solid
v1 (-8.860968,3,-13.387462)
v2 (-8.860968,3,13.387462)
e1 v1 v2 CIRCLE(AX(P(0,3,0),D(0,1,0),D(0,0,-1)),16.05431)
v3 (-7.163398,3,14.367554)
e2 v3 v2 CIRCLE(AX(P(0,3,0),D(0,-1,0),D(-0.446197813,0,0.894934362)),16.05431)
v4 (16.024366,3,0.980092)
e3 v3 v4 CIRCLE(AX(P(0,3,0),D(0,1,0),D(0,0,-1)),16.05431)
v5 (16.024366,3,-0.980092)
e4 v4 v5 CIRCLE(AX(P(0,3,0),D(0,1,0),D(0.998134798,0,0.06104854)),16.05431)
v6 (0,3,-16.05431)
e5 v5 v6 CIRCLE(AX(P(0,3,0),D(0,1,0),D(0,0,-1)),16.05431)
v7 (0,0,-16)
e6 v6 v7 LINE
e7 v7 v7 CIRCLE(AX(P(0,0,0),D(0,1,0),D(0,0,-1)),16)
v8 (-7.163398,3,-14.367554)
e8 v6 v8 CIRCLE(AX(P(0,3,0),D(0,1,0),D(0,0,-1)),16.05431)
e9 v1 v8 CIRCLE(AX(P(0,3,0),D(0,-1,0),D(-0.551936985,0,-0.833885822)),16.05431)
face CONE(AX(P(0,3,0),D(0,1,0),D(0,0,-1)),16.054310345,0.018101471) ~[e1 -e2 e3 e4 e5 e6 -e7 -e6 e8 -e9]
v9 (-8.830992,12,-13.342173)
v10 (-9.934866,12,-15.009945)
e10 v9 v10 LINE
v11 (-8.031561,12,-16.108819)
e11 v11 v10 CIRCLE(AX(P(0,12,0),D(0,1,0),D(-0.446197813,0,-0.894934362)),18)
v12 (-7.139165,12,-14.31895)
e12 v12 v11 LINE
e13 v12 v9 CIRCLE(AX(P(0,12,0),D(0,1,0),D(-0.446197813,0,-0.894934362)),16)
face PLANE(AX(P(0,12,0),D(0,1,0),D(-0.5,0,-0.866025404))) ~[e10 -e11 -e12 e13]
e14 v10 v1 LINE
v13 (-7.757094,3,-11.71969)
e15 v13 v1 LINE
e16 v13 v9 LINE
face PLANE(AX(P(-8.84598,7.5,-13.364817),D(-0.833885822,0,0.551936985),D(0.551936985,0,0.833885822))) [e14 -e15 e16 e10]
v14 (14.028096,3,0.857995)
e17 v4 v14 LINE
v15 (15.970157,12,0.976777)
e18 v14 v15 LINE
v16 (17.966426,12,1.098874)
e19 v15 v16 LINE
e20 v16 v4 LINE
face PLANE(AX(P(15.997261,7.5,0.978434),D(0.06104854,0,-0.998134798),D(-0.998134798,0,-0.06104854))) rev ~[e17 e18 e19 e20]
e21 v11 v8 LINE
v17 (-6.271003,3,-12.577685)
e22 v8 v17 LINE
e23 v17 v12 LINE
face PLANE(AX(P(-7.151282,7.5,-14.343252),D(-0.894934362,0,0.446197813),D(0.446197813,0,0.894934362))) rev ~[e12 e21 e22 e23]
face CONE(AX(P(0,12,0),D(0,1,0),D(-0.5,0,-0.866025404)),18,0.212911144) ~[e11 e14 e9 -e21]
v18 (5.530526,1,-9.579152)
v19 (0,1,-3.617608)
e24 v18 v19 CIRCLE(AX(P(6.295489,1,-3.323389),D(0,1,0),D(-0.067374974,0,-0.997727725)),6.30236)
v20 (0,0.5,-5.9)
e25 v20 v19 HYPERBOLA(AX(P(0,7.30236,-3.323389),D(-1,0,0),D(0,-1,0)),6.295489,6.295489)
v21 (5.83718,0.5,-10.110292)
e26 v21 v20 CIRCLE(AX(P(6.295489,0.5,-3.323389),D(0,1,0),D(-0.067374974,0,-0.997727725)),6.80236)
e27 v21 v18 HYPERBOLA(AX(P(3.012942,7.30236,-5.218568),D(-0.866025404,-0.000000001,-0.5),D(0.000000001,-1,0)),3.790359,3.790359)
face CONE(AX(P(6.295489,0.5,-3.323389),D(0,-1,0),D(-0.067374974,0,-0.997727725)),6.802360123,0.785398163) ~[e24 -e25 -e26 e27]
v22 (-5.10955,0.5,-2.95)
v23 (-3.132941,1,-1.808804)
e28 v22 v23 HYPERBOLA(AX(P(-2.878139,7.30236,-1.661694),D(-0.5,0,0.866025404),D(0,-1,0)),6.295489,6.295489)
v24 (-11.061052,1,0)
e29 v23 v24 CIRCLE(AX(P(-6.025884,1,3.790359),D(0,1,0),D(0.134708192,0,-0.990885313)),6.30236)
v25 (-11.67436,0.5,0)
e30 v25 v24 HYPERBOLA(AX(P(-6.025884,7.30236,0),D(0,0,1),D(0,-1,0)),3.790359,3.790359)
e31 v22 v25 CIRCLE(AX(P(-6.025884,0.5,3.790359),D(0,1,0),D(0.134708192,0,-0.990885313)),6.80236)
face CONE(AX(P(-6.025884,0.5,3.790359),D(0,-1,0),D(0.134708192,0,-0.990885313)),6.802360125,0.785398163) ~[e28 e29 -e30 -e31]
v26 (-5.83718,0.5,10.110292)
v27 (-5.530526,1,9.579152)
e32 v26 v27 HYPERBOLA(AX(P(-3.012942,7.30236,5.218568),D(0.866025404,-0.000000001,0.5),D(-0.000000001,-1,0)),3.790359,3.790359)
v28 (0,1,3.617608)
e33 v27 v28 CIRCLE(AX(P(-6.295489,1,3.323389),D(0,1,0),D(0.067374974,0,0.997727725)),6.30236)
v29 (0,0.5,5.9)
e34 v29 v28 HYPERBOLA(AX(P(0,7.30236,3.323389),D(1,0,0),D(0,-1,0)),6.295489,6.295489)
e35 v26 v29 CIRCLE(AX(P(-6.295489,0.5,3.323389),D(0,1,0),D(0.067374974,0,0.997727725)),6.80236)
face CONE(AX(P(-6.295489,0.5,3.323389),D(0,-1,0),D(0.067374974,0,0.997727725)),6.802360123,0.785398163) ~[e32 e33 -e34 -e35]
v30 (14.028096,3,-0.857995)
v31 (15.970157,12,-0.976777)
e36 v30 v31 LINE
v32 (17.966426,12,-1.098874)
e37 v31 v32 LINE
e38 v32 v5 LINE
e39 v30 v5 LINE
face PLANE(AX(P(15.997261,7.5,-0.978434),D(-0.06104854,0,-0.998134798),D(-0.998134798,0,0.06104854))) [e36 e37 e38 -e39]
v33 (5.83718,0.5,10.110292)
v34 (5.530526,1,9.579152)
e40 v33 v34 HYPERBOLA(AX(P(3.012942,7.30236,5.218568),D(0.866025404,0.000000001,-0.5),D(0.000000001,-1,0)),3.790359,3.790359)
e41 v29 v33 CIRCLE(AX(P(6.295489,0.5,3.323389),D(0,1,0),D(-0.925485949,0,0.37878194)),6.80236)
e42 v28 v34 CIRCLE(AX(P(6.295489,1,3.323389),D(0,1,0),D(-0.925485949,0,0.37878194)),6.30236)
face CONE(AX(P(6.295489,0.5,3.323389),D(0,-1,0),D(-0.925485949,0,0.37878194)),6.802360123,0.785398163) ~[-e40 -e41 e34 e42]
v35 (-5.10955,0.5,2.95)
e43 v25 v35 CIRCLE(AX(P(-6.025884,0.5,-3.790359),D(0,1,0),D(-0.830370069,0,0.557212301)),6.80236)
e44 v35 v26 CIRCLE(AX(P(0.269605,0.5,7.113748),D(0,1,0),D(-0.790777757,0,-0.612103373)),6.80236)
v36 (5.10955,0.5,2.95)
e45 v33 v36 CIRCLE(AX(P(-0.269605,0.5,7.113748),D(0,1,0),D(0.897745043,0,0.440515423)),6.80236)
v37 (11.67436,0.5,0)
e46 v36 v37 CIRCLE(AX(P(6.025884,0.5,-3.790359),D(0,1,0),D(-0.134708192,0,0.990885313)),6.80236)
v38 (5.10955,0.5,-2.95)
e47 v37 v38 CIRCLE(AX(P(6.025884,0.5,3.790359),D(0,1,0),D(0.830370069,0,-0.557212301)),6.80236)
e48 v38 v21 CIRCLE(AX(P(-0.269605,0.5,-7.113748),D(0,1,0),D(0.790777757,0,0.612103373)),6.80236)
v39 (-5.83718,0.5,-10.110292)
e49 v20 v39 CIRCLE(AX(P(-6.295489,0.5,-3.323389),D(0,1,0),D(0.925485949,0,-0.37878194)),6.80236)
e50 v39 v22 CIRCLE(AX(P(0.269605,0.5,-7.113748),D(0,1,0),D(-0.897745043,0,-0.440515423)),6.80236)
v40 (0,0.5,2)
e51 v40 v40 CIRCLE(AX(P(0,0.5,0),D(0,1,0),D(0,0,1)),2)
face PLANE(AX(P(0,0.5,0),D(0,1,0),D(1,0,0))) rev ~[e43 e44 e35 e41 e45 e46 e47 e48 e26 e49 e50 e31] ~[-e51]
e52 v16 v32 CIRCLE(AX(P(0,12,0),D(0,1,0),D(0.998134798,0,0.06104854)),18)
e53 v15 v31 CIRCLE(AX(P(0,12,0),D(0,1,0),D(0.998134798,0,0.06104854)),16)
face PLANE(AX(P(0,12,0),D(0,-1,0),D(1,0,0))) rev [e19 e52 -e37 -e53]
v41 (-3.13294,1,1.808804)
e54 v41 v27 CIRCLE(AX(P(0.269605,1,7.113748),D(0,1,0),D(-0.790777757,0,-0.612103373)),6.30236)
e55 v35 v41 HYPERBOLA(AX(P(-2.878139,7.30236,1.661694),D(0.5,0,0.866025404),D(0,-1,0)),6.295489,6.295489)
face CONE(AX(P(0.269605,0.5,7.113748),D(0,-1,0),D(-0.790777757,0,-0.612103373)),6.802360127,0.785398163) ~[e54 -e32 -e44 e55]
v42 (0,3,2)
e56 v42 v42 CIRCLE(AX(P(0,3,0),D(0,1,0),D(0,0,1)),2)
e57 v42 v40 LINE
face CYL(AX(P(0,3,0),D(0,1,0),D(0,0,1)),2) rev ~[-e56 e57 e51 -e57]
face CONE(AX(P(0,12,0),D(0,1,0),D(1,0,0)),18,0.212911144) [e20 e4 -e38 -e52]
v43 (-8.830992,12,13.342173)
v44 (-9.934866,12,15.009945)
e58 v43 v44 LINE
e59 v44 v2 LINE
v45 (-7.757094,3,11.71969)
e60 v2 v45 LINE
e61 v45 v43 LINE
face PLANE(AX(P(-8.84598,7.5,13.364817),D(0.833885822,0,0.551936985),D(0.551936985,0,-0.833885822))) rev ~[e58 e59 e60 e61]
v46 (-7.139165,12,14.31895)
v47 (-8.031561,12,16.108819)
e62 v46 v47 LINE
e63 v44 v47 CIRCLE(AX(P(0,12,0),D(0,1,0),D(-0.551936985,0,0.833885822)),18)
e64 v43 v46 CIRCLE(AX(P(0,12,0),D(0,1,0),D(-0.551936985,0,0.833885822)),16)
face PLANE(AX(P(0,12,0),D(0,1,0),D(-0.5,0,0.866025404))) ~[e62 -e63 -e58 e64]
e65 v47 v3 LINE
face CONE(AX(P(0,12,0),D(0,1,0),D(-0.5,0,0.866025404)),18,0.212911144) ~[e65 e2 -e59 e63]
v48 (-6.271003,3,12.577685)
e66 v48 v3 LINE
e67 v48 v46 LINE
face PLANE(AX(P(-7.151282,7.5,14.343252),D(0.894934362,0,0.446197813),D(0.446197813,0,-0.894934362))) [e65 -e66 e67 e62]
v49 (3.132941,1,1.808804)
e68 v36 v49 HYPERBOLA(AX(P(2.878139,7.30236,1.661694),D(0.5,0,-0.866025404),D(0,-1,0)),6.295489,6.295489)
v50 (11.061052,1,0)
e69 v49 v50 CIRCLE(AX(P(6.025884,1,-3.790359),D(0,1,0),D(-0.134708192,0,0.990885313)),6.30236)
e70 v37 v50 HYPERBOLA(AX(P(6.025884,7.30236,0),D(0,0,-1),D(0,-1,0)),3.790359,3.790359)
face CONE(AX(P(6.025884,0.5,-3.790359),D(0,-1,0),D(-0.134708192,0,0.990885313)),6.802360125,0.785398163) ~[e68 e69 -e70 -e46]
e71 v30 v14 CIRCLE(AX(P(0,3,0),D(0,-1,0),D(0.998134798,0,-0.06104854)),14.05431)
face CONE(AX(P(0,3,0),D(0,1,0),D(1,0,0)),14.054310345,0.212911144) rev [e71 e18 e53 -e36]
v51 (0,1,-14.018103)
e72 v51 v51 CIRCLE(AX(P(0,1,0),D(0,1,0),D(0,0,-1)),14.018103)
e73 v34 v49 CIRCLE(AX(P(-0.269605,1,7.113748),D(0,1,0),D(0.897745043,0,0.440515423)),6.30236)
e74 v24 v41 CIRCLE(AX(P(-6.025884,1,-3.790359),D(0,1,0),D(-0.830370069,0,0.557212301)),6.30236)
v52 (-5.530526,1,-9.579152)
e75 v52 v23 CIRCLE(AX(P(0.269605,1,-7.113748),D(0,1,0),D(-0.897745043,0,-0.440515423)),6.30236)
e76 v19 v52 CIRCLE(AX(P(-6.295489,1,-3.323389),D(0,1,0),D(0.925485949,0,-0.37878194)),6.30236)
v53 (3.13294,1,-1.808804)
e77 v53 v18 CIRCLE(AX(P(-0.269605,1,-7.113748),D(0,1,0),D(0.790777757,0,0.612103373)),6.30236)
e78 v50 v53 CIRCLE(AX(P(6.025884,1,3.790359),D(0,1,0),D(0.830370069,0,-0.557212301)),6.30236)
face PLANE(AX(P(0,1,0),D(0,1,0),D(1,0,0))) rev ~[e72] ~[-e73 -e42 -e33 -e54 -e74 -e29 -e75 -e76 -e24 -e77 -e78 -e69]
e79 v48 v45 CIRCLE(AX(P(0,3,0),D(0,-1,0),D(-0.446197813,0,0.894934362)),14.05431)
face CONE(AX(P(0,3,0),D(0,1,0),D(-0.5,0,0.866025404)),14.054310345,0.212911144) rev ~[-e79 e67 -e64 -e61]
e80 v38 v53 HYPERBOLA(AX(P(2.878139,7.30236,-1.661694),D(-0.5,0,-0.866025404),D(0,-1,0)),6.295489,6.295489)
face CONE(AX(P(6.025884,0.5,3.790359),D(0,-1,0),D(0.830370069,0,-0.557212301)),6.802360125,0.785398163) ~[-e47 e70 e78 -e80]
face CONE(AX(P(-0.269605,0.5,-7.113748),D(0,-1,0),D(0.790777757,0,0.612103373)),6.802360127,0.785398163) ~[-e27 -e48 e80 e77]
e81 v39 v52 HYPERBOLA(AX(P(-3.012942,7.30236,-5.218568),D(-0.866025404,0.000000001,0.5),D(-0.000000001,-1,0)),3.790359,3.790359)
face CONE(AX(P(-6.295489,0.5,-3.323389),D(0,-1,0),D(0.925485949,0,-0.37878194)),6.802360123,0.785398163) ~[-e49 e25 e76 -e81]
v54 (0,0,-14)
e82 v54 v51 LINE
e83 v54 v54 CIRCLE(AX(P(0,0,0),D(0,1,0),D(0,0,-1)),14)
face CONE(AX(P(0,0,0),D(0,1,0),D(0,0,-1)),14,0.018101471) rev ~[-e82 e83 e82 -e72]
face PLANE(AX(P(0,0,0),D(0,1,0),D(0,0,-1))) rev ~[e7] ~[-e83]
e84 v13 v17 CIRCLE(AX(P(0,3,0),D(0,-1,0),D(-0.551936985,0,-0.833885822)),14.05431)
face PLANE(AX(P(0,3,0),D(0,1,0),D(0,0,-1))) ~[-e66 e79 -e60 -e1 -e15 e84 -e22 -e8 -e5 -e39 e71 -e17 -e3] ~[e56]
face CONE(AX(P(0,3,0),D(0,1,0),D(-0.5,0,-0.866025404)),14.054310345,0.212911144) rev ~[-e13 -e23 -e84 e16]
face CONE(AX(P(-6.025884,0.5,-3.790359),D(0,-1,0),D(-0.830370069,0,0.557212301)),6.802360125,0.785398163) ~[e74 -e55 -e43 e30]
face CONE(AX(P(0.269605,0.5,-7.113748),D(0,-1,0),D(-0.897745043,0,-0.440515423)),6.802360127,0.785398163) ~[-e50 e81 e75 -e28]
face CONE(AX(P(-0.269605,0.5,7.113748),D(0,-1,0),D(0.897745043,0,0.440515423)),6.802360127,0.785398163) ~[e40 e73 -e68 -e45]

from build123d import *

# Parameters (mm, degrees)
REVOLVE2_ANGLE      = 7
CIRPATTERN1_COUNT   = 3
BOSS_EXTRUDE1_DEPTH = 0.5
BOSS_EXTRUDE1_DRAFT = 45
SKETCH4_R           = 14.13
BOSS_EXTRUDE2_DEPTH = 2
SKETCH5_R           = 2
CUT_EXTRUDE1_DEPTH  = 2.5


with BuildPart() as part:
    # Sketch1 → Revolve1 (revolve)
    with BuildSketch(Plane.XY, mode=Mode.PRIVATE) as revolve1_sk:
        Polygon((14, 0), (14.054310345, 3), (16.054310345, 3), (16, 0), align=None)
    revolve(revolve1_sk.sketch.rotate(Axis((0, 0, 0), (0, 1, 0)), 90), axis=Axis((0, 0, 0), (0, 1, 0)))  # turned: the seam where the file's is

    # Sketch2 → Revolve2 (revolve, symmetric)
    with BuildSketch(Plane.XY) as revolve2_sk:
        Polygon((14.054310345, 3), (16, 12), (18, 12), (16.054310345, 3), align=None)
    revolve2 = revolve(axis=Axis((0, 0, 0), (0, 1, 0)), revolution_arc=REVOLVE2_ANGLE / 2)
    revolve2 = revolve2 + revolve(revolve2_sk.sketch, axis=Axis((0, 0, 0), (0, -1, 0)), revolution_arc=REVOLVE2_ANGLE / 2)

    # CirPattern1: Revolve2 ×3 about axis
    cirpattern1_axis = Axis((0, 0, 0), (0, 1, 0))
    for i in range(1, CIRPATTERN1_COUNT):
        add(revolve2.rotate(cirpattern1_axis, i * 360 / CIRPATTERN1_COUNT))



with BuildPart() as body_2:
    # Sketch3 → Boss-Extrude1 (with draft: the straight prism first)
    with BuildSketch(Plane(origin=(0, 0.5, 0), x_dir=(1, 0, 0), z_dir=(0, 1, 0))):
        with BuildLine():
            ThreePointArc((11.674359761, 0), (8.814058264, 2.414331812), (5.109549882, 2.95))
            ThreePointArc((5.109549882, 2.95), (6.497901814, 6.426032461), (5.837179881, 10.110292126))
            ThreePointArc((5.837179881, 10.110292126), (2.316156449, 8.840364273), (0, 5.9))
            ThreePointArc((0, 5.9), (-2.316156449, 8.840364273), (-5.837179881, 10.110292126))
            ThreePointArc((-5.837179881, 10.110292126), (-6.497901814, 6.426032461), (-5.109549882, 2.95))
            ThreePointArc((-5.109549882, 2.95), (-8.814058264, 2.414331812), (-11.674359761, 0))
            ThreePointArc((-11.674359761, 0), (-8.814058264, -2.414331812), (-5.109549882, -2.95))
            ThreePointArc((-5.109549882, -2.95), (-6.497901814, -6.426032461), (-5.837179881, -10.110292126))
            ThreePointArc((-5.837179881, -10.110292126), (-2.316156449, -8.840364273), (0, -5.9))
            ThreePointArc((0, -5.9), (2.316156449, -8.840364273), (5.837179881, -10.110292126))
            ThreePointArc((5.837179881, -10.110292126), (6.497901814, -6.426032461), (5.109549882, -2.95))
            ThreePointArc((5.109549882, -2.95), (8.814058264, -2.414331812), (11.674359761, 0))
        make_face()
    extrude(amount=BOSS_EXTRUDE1_DEPTH)
    # Boss-Extrude1: the draft: its side faces are tilted about the plane it starts from
    boss_extrude1_sides = [body_2.faces().sort_by_distance(p)[0] for p in [
        (6.497901814, 0.75, 6.426032461),
        (8.814058264, 0.75, 2.414331812),
        (8.814058264, 0.75, -2.414331812),
        (6.497901814, 0.75, -6.426032461),
        (2.316156449, 0.75, -8.840364273),
        (-2.316156449, 0.75, -8.840364273),
        (-6.497901814, 0.75, -6.426032461),
        (-8.814058264, 0.75, -2.414331812),
        (-8.814058264, 0.75, 2.414331812),
        (-6.497901814, 0.75, 6.426032461),
        (-2.316156449, 0.75, 8.840364273),
        (2.316156449, 0.75, 8.840364273),
    ]]
    draft(boss_extrude1_sides, Plane(origin=(0, 0.5, 0), x_dir=(1, 0, 0), z_dir=(0, 1, 0)), BOSS_EXTRUDE1_DRAFT)


with BuildPart() as part_1:
    add(part.part)

    add(body_2.part)  # Boss-Extrude2 merges body 2
    # Sketch4 → Boss-Extrude2 (add)
    with BuildSketch(Plane(origin=(0, 1, 0), x_dir=(1, 0, 0), z_dir=(0, 1, 0))):
        Circle(SKETCH4_R)
    extrude(amount=BOSS_EXTRUDE2_DEPTH)

    # Sketch5 → Cut-Extrude1 (cut)
    with BuildSketch(Plane(origin=(0, 3, 0), x_dir=(1, 0, 0), z_dir=(0, 1, 0))):
        with Locations(Location((0, 0, 0), (0, 0, 270))):  # turned: the seam where the file's is
            Circle(SKETCH5_R)
    extrude(amount=-CUT_EXTRUDE1_DEPTH, mode=Mode.SUBTRACT)


solid = part_1.part
